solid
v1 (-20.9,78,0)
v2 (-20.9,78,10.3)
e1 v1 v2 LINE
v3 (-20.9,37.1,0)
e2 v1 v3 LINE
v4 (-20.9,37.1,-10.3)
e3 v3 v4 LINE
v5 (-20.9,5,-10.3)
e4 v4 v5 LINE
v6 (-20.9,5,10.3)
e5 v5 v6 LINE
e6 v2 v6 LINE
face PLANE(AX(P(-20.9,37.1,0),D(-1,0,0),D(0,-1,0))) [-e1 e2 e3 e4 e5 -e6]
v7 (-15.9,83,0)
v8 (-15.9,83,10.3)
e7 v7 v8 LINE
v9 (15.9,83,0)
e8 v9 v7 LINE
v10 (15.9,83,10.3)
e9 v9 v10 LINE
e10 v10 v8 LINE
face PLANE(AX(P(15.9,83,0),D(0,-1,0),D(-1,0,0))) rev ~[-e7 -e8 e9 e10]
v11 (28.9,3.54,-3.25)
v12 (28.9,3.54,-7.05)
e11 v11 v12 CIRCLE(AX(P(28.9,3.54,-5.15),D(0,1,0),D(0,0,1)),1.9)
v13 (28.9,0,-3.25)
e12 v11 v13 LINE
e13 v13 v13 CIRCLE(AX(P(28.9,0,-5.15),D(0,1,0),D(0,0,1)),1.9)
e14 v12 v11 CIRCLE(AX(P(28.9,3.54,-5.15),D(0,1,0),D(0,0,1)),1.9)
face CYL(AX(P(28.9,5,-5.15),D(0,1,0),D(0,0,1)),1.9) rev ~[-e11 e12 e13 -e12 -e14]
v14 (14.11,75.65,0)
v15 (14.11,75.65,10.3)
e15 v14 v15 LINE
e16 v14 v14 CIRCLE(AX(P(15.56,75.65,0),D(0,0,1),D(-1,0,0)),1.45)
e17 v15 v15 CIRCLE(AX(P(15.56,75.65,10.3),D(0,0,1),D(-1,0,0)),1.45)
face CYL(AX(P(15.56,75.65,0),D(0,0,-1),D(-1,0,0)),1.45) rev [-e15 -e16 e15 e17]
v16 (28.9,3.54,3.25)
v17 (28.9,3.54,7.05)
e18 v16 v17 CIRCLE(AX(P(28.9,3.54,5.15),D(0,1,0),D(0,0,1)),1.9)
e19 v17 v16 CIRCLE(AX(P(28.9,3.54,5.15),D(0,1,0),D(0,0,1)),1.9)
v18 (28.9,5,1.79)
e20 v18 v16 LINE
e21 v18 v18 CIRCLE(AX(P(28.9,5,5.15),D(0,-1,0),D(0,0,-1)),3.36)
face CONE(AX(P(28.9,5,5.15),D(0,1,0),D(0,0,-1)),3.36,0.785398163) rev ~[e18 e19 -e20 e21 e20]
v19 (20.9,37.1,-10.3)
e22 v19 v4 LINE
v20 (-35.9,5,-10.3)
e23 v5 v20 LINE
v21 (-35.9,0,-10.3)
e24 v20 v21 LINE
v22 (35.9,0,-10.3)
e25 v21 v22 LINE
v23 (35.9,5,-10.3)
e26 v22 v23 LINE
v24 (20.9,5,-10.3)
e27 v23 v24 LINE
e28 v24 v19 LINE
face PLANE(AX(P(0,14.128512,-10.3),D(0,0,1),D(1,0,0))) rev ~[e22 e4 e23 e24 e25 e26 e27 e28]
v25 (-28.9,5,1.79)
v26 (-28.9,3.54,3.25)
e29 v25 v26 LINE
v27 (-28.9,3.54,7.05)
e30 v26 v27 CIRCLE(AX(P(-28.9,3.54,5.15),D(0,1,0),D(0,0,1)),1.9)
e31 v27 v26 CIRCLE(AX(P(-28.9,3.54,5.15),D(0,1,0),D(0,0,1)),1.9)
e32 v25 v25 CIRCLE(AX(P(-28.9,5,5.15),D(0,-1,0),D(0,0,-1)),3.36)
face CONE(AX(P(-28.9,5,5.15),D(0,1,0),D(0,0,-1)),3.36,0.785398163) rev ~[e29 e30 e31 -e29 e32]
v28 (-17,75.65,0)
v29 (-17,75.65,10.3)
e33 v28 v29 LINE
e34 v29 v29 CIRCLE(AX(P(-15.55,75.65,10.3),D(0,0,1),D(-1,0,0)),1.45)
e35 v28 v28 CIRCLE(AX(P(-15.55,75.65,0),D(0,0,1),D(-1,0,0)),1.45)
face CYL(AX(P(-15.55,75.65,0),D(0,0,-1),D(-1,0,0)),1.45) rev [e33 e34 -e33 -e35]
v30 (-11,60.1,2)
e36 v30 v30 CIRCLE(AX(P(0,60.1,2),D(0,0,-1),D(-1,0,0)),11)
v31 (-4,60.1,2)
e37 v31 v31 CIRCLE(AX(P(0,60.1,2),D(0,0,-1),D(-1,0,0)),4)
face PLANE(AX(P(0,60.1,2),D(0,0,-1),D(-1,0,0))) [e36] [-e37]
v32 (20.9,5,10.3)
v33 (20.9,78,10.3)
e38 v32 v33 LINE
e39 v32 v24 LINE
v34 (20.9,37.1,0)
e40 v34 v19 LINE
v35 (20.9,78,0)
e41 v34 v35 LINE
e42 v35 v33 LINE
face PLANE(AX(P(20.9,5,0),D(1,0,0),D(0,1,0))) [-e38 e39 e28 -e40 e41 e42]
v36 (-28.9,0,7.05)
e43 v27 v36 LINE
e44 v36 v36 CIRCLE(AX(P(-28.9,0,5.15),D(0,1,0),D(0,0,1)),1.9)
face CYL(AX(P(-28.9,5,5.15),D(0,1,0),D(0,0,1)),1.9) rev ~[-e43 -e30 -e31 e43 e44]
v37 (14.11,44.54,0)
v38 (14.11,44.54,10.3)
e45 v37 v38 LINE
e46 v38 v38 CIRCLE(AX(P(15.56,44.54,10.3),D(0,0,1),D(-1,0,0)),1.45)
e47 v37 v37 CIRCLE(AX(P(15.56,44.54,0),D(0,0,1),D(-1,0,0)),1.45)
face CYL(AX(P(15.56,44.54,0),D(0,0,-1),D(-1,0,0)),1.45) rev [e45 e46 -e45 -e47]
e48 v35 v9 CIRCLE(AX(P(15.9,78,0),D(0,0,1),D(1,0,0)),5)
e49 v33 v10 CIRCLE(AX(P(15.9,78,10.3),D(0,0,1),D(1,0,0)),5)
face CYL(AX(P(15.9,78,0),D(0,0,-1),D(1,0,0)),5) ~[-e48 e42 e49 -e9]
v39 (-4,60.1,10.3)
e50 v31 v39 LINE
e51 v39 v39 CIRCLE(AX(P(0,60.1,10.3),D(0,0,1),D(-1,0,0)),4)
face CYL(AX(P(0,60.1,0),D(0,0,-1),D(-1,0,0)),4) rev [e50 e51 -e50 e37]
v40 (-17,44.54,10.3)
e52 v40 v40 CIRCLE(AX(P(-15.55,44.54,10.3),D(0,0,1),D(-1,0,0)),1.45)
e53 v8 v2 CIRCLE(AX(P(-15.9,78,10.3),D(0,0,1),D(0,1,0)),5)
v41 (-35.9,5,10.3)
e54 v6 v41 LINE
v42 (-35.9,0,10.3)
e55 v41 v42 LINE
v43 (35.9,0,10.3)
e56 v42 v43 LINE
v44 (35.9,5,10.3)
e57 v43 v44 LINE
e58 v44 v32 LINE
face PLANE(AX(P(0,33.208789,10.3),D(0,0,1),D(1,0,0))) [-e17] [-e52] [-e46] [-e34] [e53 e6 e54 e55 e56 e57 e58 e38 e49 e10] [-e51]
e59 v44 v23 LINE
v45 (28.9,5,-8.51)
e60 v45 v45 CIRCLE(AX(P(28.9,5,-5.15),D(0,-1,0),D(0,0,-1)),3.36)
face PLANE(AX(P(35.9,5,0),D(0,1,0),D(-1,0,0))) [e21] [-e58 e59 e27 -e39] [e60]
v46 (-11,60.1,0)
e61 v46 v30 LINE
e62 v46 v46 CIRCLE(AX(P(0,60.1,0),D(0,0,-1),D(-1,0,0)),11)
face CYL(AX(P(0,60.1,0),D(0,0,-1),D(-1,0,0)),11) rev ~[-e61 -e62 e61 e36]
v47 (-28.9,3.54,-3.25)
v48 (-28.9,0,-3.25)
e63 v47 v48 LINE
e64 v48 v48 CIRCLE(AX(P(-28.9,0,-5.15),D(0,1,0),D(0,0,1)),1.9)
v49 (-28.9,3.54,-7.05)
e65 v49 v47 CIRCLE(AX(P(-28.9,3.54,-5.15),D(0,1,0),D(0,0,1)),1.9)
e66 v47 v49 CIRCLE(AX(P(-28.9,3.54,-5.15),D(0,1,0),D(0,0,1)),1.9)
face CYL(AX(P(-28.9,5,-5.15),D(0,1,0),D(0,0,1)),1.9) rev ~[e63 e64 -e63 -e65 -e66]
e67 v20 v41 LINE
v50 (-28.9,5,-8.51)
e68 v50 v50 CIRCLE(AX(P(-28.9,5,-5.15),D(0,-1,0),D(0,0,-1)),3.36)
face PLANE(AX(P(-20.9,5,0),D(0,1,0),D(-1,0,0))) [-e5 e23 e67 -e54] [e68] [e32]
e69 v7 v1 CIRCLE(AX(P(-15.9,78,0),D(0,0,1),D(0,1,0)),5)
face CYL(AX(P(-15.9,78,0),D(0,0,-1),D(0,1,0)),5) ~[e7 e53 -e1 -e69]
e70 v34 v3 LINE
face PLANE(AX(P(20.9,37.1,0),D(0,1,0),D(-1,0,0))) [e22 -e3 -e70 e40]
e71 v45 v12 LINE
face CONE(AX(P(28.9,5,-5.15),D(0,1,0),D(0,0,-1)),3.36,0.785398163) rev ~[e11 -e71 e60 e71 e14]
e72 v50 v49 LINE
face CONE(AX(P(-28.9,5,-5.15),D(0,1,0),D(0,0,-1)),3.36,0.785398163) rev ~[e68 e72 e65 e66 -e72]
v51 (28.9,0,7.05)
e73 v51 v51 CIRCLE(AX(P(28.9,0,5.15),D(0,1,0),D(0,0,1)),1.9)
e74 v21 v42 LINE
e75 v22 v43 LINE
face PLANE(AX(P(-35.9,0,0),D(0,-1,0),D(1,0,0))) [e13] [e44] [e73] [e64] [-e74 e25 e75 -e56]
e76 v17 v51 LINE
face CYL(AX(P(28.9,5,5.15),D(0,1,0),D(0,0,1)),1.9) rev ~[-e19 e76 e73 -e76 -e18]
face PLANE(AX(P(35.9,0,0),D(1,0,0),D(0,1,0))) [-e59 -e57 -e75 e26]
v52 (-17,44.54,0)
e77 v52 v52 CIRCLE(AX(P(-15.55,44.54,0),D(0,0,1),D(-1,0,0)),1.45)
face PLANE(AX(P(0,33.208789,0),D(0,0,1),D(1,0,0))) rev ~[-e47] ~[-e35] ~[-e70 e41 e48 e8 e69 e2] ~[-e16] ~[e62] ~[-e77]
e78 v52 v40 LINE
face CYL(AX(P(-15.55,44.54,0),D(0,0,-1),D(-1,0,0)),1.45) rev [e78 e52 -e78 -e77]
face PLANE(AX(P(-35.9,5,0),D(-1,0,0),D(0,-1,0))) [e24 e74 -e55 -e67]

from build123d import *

# Parameters (mm, degrees)
IZIM1_R                                            = 4
IZIM1_R_2                                          = 1.45
Y_KSEKLIK_EKSTR_ZYON1_DEPTH                        = 10.3
IZIM2_R                                            = 1.9
KES_EKSTR_ZYON1_DEPTH                              = 10.3
M3_ALT_GEN_ALYAN_HAV_A_BA_L_K_R_VIDA_I_D           = 3.6
M3_ALT_GEN_ALYAN_HAV_A_BA_L_K_R_VIDA_I_CSINK_D     = 6.72
M3_ALT_GEN_ALYAN_HAV_A_BA_L_K_R_VIDA_I_CSINK_ANGLE = 90
IZIM4_R                                            = 11
KES_EKSTR_ZYON2_DEPTH                              = 2
Y_KSEKLIK_EKSTR_ZYON2_DEPTH                        = 10.3
IZIM6_R                                            = 1.9
KES_EKSTR_ZYON3_DEPTH                              = 10.3
M3_ALT_GEN_ALYAN_HAV_A_BA_L_K_R_VID_2_D            = 3.6
M3_ALT_GEN_ALYAN_HAV_A_BA_L_K_R_VID_2_CSINK_D      = 6.72
M3_ALT_GEN_ALYAN_HAV_A_BA_L_K_R_VID_2_CSINK_ANGLE  = 90


with BuildPart() as part:
    # Çizim1 → Yükseklik-Ekstrüzyon1 (new body)
    with BuildSketch(Plane.XY):
        with BuildLine():
            Line((-35.9, 0), (35.9, 0))
            Line((35.9, 0), (35.9, 5))
            Line((35.9, 5), (20.9, 5))
            Line((20.9, 5), (20.9, 78))
            ThreePointArc((20.9, 78), (19.435533906, 81.535533906), (15.9, 83))
            Line((15.9, 83), (-15.9, 83))
            ThreePointArc((-15.9, 83), (-19.435533906, 81.535533906), (-20.9, 78))
            Line((-20.9, 78), (-20.9, 5))
            Line((-20.9, 5), (-35.9, 5))
            Line((-35.9, 5), (-35.9, 0))
        make_face()
        with Locations(Location((0, 60.1, 0), (0, 0, 180))):
            Circle(IZIM1_R, mode=Mode.SUBTRACT)
        with Locations(Location((-15.55, 75.65, 0), (0, 0, 180))):
            Circle(IZIM1_R_2, mode=Mode.SUBTRACT)
        with Locations(Location((15.56, 75.65, 0), (0, 0, 180))):
            Circle(IZIM1_R_2, mode=Mode.SUBTRACT)
        with Locations(Location((15.56, 44.54, 0), (0, 0, 180))):
            Circle(IZIM1_R_2, mode=Mode.SUBTRACT)
        with Locations(Location((-15.55, 44.54, 0), (0, 0, 180))):
            Circle(IZIM1_R_2, mode=Mode.SUBTRACT)
    extrude(amount=Y_KSEKLIK_EKSTR_ZYON1_DEPTH)

    # Çizim2 → Kes-Ekstrüzyon1 (cut)
    with BuildSketch(Plane(origin=(0, 5, 0), x_dir=(1, 0, 0), z_dir=(0, 1, 0))):
        with Locations(Location((28.9, -5.15, 0), (0, 0, 270))):
            Circle(IZIM2_R)
        with Locations(Location((-28.9, -5.15, 0), (0, 0, 270))):
            Circle(IZIM2_R)
    extrude(amount=-KES_EKSTR_ZYON1_DEPTH, mode=Mode.SUBTRACT)

    # M3 Alt_gen Alyan Hav_a Ba_l_ K_r Vida _i (through all)
    with Locations(Plane(origin=(-28.9, 5, 5.15), x_dir=(0, 0, 1), z_dir=(0, 1, 0))):
        with Locations((0, 0), (0, 57.8)):
            CounterSinkHole(M3_ALT_GEN_ALYAN_HAV_A_BA_L_K_R_VIDA_I_D / 2, M3_ALT_GEN_ALYAN_HAV_A_BA_L_K_R_VIDA_I_CSINK_D / 2, counter_sink_angle=M3_ALT_GEN_ALYAN_HAV_A_BA_L_K_R_VIDA_I_CSINK_ANGLE)

    # Çizim4 → Kes-Ekstrüzyon2 (cut)
    with BuildSketch(Plane(origin=(0, 0, 0), x_dir=(-1, 0, 0), z_dir=(0, 0, -1))):
        with Locations((0, 60.1)):
            Circle(IZIM4_R)
    extrude(amount=-KES_EKSTR_ZYON2_DEPTH, mode=Mode.SUBTRACT)

    # Çizim5 → Yükseklik-Ekstrüzyon2 (add)
    with BuildSketch(Plane(origin=(0, 0, 0), x_dir=(-1, 0, 0), z_dir=(0, 0, -1))):
        Polygon((-20.9, 37.1), (20.9, 37.1), (20.9, 5), (35.9, 5), (35.9, 0), (-35.9, 0), (-35.9, 5), (-20.9, 5), align=None)
    extrude(amount=Y_KSEKLIK_EKSTR_ZYON2_DEPTH)

    # Çizim6 → Kes-Ekstrüzyon3 (cut)
    with BuildSketch(Plane(origin=(0, 5, 0), x_dir=(1, 0, 0), z_dir=(0, 1, 0))):
        with Locations(Location((28.9, 5.15, 0), (0, 0, 270))):
            Circle(IZIM6_R)
        with Locations(Location((-28.9, 5.15, 0), (0, 0, 270))):
            Circle(IZIM6_R)
    extrude(amount=-KES_EKSTR_ZYON3_DEPTH, mode=Mode.SUBTRACT)

    # M3 Alt_gen Alyan Hav_a Ba_l_ K_r Vid 2 (through all)
    with Locations(Plane(origin=(-28.9, 5, -5.15), x_dir=(0, 0, 1), z_dir=(0, 1, 0))):
        with Locations((0, 0), (0, 57.8)):
            CounterSinkHole(M3_ALT_GEN_ALYAN_HAV_A_BA_L_K_R_VID_2_D / 2, M3_ALT_GEN_ALYAN_HAV_A_BA_L_K_R_VID_2_CSINK_D / 2, counter_sink_angle=M3_ALT_GEN_ALYAN_HAV_A_BA_L_K_R_VID_2_CSINK_ANGLE)


solid = part.part
